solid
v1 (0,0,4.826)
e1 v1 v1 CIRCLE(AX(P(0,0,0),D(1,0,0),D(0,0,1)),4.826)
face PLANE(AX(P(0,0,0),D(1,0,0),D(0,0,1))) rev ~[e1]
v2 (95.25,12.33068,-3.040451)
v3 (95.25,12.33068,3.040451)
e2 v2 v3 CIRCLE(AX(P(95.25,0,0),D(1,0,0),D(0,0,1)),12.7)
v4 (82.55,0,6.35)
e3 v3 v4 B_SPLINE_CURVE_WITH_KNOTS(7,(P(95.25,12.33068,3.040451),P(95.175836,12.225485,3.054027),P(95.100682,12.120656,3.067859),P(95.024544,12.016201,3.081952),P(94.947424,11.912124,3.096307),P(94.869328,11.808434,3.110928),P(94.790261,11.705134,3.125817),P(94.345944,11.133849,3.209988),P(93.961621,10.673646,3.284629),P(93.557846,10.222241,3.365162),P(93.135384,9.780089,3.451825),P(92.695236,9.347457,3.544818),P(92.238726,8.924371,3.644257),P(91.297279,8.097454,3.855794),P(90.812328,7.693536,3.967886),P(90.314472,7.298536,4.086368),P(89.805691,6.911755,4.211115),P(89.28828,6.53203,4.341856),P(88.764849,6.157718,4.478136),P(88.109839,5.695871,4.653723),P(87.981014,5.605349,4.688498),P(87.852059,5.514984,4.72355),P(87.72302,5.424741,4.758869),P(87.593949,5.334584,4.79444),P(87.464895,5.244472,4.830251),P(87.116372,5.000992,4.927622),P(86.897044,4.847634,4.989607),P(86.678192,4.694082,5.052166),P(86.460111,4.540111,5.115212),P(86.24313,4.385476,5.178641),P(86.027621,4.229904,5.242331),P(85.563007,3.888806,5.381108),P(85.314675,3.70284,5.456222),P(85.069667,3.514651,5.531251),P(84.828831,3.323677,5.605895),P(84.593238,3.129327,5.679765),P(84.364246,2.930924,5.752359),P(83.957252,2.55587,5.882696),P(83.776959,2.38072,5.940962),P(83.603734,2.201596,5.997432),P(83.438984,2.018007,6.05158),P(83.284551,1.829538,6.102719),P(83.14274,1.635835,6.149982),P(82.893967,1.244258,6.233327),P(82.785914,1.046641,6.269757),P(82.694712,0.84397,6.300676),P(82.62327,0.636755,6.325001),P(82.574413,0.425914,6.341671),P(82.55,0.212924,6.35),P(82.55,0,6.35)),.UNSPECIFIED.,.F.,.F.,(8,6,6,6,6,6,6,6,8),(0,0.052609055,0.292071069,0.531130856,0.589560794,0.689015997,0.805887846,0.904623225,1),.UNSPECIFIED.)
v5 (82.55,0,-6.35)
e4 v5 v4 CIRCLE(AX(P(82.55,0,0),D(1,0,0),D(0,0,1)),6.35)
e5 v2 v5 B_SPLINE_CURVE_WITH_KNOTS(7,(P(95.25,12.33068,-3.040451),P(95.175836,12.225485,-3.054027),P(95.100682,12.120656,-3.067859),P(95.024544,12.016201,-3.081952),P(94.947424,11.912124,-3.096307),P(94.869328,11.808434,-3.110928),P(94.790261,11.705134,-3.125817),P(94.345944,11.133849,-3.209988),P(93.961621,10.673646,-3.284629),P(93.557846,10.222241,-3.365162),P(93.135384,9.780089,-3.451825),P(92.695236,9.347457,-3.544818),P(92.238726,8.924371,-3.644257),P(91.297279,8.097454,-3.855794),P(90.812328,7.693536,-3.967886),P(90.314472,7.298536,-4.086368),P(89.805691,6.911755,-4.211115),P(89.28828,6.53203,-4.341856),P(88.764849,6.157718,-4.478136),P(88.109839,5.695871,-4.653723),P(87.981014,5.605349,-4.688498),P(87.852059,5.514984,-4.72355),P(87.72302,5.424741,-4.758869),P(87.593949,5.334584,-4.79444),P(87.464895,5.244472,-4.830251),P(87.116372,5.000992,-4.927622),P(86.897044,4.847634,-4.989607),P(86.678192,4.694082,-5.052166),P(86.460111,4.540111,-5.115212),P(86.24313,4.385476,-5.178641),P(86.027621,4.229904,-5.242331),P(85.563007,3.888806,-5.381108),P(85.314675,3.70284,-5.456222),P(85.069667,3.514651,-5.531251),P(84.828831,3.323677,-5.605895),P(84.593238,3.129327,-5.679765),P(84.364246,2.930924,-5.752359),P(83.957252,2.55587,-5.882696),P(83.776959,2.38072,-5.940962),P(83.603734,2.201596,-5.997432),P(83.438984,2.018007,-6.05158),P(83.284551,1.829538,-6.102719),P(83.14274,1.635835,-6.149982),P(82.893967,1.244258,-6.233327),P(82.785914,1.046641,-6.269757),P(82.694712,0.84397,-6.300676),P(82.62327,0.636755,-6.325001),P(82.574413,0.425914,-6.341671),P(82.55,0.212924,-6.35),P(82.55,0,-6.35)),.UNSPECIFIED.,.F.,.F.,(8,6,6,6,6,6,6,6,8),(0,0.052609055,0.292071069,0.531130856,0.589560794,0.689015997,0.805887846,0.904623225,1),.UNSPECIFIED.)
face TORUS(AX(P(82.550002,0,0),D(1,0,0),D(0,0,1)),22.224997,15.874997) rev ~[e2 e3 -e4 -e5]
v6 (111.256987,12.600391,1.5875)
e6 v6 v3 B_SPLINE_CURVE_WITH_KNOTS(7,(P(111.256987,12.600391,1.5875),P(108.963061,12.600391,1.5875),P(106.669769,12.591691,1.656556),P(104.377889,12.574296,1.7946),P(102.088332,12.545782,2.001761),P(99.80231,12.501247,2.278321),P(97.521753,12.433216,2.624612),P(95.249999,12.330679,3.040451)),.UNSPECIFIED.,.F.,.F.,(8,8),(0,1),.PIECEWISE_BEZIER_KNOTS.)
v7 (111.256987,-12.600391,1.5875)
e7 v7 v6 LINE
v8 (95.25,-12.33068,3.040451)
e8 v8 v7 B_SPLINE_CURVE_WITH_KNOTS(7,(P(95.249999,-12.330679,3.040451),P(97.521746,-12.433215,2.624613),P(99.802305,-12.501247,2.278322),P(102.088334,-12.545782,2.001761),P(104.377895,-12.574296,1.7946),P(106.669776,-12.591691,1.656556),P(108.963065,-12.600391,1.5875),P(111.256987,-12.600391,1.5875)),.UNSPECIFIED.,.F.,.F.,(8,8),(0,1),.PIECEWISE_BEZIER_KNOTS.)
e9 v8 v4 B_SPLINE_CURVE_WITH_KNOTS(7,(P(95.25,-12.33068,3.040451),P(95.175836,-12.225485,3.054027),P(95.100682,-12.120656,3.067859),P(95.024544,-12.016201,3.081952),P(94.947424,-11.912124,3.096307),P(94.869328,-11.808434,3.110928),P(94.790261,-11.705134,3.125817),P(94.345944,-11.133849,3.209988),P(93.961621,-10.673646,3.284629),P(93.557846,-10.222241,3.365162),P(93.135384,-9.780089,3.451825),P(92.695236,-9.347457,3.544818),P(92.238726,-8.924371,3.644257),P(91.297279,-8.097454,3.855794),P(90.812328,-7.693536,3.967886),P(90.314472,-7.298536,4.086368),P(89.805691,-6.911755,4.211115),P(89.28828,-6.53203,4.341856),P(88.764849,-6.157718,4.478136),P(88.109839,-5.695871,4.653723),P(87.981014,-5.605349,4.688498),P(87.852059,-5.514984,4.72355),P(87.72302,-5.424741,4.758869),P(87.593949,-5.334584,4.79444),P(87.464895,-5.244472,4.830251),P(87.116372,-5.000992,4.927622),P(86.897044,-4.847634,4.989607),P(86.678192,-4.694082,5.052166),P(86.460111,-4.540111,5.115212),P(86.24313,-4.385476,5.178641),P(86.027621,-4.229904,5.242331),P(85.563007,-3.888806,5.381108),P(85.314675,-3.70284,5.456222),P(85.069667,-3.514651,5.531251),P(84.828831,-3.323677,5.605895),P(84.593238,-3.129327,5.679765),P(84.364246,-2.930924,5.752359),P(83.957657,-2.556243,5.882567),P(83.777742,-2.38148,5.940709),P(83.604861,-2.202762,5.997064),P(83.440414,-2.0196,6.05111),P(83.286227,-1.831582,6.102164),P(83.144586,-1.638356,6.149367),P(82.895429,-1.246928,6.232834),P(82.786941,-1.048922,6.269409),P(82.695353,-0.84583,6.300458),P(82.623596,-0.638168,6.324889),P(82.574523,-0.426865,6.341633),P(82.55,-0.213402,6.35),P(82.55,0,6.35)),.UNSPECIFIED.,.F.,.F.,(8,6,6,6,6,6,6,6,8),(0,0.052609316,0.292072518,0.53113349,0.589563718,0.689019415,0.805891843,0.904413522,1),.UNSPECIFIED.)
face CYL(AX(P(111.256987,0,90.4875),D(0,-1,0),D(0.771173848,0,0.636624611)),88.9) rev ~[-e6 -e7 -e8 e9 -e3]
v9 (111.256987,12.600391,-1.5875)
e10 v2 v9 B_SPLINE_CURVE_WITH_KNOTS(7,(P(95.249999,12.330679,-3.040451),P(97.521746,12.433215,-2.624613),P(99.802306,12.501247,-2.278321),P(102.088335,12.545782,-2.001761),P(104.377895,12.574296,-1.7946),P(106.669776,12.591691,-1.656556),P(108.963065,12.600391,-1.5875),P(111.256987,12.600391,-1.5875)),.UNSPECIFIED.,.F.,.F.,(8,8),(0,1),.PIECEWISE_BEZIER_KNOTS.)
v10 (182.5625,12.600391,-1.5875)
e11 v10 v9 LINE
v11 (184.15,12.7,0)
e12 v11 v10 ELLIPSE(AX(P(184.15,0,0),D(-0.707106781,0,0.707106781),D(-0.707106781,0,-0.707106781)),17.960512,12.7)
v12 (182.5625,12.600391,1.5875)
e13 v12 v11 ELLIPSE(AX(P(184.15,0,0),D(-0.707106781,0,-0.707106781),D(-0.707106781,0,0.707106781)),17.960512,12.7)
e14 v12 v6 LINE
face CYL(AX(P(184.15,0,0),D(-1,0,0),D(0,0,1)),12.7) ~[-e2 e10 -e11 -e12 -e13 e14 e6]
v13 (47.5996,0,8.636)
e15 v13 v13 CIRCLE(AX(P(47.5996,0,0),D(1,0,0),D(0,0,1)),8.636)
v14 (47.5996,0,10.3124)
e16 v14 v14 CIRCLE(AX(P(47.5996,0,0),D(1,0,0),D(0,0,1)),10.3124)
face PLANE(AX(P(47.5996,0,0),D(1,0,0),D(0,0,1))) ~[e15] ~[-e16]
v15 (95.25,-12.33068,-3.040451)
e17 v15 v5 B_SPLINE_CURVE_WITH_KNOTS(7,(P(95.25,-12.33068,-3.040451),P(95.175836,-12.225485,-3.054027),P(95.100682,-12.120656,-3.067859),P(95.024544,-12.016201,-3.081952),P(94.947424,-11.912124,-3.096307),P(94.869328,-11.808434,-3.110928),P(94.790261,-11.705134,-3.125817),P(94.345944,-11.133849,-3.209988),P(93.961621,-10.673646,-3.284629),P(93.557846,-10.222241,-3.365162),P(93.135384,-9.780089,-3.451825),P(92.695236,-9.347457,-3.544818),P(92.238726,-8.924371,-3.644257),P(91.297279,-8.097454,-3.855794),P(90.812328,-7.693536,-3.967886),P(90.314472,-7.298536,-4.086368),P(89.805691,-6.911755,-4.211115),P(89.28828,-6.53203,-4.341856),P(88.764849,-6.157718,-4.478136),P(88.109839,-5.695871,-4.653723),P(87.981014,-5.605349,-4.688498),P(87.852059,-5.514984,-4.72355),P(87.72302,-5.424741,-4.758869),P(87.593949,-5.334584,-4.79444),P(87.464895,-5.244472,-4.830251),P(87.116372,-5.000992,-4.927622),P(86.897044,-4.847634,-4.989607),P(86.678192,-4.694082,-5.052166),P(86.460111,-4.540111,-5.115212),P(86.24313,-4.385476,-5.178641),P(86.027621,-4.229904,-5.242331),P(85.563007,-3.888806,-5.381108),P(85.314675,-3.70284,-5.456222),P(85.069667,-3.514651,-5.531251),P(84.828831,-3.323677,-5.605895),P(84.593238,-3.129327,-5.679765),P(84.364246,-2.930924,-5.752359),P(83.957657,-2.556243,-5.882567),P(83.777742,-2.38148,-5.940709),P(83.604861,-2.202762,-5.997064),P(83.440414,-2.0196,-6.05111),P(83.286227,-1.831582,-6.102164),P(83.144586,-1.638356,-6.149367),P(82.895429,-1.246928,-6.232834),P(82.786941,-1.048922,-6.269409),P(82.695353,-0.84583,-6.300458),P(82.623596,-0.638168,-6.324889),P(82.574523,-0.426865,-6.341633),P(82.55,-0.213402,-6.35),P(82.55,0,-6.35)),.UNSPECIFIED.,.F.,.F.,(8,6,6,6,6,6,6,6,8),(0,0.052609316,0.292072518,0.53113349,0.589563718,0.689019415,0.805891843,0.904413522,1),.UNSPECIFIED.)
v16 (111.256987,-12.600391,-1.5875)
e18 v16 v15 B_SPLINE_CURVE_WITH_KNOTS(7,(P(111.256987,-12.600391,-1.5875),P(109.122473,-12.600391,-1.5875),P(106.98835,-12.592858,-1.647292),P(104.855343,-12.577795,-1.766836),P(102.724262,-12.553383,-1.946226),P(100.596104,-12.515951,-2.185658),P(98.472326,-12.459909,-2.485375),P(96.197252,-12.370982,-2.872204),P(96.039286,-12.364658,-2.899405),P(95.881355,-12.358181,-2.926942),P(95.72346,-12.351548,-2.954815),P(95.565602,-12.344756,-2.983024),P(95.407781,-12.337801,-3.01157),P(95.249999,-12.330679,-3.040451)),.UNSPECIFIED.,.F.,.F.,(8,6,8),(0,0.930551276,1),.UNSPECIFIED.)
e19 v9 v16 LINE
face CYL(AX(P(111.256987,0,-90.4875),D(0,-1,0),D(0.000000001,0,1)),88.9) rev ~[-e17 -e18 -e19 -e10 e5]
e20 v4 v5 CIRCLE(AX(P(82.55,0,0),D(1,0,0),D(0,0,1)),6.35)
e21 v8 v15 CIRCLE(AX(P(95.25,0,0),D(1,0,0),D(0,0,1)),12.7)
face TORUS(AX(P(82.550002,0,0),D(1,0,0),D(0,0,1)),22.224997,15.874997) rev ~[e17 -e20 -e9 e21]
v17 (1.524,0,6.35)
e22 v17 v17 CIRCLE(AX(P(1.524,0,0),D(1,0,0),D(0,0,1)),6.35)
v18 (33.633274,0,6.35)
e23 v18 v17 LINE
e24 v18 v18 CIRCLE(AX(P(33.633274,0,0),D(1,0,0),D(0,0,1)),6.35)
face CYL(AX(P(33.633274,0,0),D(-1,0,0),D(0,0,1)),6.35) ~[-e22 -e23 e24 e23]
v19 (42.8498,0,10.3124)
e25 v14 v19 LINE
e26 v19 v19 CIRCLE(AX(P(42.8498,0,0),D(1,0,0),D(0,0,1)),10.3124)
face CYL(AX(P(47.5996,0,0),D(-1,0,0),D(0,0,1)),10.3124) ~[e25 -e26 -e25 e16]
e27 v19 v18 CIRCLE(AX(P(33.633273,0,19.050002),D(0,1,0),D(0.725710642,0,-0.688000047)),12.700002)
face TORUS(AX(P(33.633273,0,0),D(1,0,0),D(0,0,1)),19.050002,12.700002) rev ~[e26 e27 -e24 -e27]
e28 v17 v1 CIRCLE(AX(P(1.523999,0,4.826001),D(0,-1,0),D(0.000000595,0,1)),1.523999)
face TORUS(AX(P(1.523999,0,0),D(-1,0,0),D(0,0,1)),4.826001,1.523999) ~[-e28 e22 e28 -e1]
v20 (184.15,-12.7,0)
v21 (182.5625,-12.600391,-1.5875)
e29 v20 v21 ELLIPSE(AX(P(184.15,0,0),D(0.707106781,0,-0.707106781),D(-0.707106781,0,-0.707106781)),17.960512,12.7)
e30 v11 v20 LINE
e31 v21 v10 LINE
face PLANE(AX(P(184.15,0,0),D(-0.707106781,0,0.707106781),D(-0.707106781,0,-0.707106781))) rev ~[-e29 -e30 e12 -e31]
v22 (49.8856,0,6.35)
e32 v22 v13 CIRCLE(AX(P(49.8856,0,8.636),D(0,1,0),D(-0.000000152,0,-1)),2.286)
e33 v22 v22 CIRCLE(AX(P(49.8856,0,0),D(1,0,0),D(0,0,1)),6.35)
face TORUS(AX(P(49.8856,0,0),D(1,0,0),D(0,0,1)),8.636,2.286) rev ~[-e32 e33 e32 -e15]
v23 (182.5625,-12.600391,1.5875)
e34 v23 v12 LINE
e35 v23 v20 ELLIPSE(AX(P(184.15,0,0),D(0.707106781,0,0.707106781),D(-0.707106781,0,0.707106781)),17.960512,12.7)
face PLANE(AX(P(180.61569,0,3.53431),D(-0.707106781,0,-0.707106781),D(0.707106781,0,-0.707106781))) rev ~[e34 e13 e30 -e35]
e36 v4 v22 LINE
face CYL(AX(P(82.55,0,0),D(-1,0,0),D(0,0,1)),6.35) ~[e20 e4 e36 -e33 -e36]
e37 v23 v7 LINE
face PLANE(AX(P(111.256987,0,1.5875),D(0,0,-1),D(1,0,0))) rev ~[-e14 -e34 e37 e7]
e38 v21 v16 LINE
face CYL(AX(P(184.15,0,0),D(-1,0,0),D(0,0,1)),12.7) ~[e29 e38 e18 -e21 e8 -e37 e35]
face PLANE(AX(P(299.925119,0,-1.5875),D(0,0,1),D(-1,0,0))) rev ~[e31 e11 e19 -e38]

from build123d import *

# Parameters (mm, degrees)
F3_DEPTH = 25.4
F4_DEPTH = 25.4
F6_DEPTH = 25.4
F7_DEPTH = 25.4


with BuildPart() as f1:
    # F0 (on Front) → F1 (revolve)
    with BuildSketch(Plane.XZ):
        with BuildLine():
            Line((0, 4.826), (0, 0))
            Line((0, 0), (184.15, 0))
            Line((184.15, 0), (184.15, 12.7))
            Line((184.15, 12.7), (95.25, 12.7))
            ThreePointArc((95.25, 12.7), (89.649516, 8.025968), (82.55, 6.35))
            Line((82.55, 6.35), (49.8856, 6.35))
            ThreePointArc((49.8856, 6.35), (48.269154, 7.019554), (47.5996, 8.636))
            Line((47.5996, 8.636), (47.5996, 10.3124))
            Line((47.5996, 10.3124), (42.8498, 10.3124))
            ThreePointArc((42.8498, 10.3124), (38.649372, 7.382577), (33.633274, 6.35))
            Line((33.633274, 6.35), (1.524, 6.35))
            ThreePointArc((1.524, 6.35), (0.446369, 5.903631), (0, 4.826))
        make_face()
    revolve(axis=Axis((92.075, 0, 0), (1, 0, 0)))

    # F2 (on Front) → F3 (cut)
    with BuildSketch(Plane.XZ):
        with BuildLine():
            Line((299.925119, 1.5875), (179.814342, 147.083428))
            ThreePointArc((179.814342, 147.083428), (30.837499, 128.380982), (111.256987, 1.5875))
            Line((111.256987, 1.5875), (299.925119, 1.5875))
        make_face()
        with BuildLine():
            Line((299.925119, -1.5875), (111.256987, -1.5875))
            ThreePointArc((111.256987, -1.5875), (30.837499, -128.380982), (179.814342, -147.083428))
            Line((179.814342, -147.083428), (299.925119, -1.5875))
        make_face()
    extrude(amount=-F3_DEPTH, mode=Mode.SUBTRACT)

    # F2 (on Front) → F4 (cut)
    with BuildSketch(Plane.XZ):
        with BuildLine():
            Line((299.925119, 1.5875), (179.814342, 147.083428))
            ThreePointArc((179.814342, 147.083428), (30.837499, 128.380982), (111.256987, 1.5875))
            Line((111.256987, 1.5875), (299.925119, 1.5875))
        make_face()
        with BuildLine():
            Line((299.925119, -1.5875), (111.256987, -1.5875))
            ThreePointArc((111.256987, -1.5875), (30.837499, -128.380982), (179.814342, -147.083428))
            Line((179.814342, -147.083428), (299.925119, -1.5875))
        make_face()
    extrude(amount=F4_DEPTH, mode=Mode.SUBTRACT)

    # F5 (on Front) → F6 (cut)
    with BuildSketch(Plane.XZ):
        Polygon((184.15, -3.802141), (184.15, 0), (180.61569, -3.53431), align=None)
        Polygon((180.61569, 3.53431), (184.15, 0), (184.15, 3.802141), align=None)
    extrude(amount=-F6_DEPTH, mode=Mode.SUBTRACT)

    # F5 (on Front) → F7 (cut)
    with BuildSketch(Plane.XZ):
        Polygon((180.61569, 3.53431), (184.15, 0), (184.15, 3.802141), align=None)
        Polygon((184.15, -3.802141), (184.15, 0), (180.61569, -3.53431), align=None)
    extrude(amount=F7_DEPTH, mode=Mode.SUBTRACT)


solid = f1.part
